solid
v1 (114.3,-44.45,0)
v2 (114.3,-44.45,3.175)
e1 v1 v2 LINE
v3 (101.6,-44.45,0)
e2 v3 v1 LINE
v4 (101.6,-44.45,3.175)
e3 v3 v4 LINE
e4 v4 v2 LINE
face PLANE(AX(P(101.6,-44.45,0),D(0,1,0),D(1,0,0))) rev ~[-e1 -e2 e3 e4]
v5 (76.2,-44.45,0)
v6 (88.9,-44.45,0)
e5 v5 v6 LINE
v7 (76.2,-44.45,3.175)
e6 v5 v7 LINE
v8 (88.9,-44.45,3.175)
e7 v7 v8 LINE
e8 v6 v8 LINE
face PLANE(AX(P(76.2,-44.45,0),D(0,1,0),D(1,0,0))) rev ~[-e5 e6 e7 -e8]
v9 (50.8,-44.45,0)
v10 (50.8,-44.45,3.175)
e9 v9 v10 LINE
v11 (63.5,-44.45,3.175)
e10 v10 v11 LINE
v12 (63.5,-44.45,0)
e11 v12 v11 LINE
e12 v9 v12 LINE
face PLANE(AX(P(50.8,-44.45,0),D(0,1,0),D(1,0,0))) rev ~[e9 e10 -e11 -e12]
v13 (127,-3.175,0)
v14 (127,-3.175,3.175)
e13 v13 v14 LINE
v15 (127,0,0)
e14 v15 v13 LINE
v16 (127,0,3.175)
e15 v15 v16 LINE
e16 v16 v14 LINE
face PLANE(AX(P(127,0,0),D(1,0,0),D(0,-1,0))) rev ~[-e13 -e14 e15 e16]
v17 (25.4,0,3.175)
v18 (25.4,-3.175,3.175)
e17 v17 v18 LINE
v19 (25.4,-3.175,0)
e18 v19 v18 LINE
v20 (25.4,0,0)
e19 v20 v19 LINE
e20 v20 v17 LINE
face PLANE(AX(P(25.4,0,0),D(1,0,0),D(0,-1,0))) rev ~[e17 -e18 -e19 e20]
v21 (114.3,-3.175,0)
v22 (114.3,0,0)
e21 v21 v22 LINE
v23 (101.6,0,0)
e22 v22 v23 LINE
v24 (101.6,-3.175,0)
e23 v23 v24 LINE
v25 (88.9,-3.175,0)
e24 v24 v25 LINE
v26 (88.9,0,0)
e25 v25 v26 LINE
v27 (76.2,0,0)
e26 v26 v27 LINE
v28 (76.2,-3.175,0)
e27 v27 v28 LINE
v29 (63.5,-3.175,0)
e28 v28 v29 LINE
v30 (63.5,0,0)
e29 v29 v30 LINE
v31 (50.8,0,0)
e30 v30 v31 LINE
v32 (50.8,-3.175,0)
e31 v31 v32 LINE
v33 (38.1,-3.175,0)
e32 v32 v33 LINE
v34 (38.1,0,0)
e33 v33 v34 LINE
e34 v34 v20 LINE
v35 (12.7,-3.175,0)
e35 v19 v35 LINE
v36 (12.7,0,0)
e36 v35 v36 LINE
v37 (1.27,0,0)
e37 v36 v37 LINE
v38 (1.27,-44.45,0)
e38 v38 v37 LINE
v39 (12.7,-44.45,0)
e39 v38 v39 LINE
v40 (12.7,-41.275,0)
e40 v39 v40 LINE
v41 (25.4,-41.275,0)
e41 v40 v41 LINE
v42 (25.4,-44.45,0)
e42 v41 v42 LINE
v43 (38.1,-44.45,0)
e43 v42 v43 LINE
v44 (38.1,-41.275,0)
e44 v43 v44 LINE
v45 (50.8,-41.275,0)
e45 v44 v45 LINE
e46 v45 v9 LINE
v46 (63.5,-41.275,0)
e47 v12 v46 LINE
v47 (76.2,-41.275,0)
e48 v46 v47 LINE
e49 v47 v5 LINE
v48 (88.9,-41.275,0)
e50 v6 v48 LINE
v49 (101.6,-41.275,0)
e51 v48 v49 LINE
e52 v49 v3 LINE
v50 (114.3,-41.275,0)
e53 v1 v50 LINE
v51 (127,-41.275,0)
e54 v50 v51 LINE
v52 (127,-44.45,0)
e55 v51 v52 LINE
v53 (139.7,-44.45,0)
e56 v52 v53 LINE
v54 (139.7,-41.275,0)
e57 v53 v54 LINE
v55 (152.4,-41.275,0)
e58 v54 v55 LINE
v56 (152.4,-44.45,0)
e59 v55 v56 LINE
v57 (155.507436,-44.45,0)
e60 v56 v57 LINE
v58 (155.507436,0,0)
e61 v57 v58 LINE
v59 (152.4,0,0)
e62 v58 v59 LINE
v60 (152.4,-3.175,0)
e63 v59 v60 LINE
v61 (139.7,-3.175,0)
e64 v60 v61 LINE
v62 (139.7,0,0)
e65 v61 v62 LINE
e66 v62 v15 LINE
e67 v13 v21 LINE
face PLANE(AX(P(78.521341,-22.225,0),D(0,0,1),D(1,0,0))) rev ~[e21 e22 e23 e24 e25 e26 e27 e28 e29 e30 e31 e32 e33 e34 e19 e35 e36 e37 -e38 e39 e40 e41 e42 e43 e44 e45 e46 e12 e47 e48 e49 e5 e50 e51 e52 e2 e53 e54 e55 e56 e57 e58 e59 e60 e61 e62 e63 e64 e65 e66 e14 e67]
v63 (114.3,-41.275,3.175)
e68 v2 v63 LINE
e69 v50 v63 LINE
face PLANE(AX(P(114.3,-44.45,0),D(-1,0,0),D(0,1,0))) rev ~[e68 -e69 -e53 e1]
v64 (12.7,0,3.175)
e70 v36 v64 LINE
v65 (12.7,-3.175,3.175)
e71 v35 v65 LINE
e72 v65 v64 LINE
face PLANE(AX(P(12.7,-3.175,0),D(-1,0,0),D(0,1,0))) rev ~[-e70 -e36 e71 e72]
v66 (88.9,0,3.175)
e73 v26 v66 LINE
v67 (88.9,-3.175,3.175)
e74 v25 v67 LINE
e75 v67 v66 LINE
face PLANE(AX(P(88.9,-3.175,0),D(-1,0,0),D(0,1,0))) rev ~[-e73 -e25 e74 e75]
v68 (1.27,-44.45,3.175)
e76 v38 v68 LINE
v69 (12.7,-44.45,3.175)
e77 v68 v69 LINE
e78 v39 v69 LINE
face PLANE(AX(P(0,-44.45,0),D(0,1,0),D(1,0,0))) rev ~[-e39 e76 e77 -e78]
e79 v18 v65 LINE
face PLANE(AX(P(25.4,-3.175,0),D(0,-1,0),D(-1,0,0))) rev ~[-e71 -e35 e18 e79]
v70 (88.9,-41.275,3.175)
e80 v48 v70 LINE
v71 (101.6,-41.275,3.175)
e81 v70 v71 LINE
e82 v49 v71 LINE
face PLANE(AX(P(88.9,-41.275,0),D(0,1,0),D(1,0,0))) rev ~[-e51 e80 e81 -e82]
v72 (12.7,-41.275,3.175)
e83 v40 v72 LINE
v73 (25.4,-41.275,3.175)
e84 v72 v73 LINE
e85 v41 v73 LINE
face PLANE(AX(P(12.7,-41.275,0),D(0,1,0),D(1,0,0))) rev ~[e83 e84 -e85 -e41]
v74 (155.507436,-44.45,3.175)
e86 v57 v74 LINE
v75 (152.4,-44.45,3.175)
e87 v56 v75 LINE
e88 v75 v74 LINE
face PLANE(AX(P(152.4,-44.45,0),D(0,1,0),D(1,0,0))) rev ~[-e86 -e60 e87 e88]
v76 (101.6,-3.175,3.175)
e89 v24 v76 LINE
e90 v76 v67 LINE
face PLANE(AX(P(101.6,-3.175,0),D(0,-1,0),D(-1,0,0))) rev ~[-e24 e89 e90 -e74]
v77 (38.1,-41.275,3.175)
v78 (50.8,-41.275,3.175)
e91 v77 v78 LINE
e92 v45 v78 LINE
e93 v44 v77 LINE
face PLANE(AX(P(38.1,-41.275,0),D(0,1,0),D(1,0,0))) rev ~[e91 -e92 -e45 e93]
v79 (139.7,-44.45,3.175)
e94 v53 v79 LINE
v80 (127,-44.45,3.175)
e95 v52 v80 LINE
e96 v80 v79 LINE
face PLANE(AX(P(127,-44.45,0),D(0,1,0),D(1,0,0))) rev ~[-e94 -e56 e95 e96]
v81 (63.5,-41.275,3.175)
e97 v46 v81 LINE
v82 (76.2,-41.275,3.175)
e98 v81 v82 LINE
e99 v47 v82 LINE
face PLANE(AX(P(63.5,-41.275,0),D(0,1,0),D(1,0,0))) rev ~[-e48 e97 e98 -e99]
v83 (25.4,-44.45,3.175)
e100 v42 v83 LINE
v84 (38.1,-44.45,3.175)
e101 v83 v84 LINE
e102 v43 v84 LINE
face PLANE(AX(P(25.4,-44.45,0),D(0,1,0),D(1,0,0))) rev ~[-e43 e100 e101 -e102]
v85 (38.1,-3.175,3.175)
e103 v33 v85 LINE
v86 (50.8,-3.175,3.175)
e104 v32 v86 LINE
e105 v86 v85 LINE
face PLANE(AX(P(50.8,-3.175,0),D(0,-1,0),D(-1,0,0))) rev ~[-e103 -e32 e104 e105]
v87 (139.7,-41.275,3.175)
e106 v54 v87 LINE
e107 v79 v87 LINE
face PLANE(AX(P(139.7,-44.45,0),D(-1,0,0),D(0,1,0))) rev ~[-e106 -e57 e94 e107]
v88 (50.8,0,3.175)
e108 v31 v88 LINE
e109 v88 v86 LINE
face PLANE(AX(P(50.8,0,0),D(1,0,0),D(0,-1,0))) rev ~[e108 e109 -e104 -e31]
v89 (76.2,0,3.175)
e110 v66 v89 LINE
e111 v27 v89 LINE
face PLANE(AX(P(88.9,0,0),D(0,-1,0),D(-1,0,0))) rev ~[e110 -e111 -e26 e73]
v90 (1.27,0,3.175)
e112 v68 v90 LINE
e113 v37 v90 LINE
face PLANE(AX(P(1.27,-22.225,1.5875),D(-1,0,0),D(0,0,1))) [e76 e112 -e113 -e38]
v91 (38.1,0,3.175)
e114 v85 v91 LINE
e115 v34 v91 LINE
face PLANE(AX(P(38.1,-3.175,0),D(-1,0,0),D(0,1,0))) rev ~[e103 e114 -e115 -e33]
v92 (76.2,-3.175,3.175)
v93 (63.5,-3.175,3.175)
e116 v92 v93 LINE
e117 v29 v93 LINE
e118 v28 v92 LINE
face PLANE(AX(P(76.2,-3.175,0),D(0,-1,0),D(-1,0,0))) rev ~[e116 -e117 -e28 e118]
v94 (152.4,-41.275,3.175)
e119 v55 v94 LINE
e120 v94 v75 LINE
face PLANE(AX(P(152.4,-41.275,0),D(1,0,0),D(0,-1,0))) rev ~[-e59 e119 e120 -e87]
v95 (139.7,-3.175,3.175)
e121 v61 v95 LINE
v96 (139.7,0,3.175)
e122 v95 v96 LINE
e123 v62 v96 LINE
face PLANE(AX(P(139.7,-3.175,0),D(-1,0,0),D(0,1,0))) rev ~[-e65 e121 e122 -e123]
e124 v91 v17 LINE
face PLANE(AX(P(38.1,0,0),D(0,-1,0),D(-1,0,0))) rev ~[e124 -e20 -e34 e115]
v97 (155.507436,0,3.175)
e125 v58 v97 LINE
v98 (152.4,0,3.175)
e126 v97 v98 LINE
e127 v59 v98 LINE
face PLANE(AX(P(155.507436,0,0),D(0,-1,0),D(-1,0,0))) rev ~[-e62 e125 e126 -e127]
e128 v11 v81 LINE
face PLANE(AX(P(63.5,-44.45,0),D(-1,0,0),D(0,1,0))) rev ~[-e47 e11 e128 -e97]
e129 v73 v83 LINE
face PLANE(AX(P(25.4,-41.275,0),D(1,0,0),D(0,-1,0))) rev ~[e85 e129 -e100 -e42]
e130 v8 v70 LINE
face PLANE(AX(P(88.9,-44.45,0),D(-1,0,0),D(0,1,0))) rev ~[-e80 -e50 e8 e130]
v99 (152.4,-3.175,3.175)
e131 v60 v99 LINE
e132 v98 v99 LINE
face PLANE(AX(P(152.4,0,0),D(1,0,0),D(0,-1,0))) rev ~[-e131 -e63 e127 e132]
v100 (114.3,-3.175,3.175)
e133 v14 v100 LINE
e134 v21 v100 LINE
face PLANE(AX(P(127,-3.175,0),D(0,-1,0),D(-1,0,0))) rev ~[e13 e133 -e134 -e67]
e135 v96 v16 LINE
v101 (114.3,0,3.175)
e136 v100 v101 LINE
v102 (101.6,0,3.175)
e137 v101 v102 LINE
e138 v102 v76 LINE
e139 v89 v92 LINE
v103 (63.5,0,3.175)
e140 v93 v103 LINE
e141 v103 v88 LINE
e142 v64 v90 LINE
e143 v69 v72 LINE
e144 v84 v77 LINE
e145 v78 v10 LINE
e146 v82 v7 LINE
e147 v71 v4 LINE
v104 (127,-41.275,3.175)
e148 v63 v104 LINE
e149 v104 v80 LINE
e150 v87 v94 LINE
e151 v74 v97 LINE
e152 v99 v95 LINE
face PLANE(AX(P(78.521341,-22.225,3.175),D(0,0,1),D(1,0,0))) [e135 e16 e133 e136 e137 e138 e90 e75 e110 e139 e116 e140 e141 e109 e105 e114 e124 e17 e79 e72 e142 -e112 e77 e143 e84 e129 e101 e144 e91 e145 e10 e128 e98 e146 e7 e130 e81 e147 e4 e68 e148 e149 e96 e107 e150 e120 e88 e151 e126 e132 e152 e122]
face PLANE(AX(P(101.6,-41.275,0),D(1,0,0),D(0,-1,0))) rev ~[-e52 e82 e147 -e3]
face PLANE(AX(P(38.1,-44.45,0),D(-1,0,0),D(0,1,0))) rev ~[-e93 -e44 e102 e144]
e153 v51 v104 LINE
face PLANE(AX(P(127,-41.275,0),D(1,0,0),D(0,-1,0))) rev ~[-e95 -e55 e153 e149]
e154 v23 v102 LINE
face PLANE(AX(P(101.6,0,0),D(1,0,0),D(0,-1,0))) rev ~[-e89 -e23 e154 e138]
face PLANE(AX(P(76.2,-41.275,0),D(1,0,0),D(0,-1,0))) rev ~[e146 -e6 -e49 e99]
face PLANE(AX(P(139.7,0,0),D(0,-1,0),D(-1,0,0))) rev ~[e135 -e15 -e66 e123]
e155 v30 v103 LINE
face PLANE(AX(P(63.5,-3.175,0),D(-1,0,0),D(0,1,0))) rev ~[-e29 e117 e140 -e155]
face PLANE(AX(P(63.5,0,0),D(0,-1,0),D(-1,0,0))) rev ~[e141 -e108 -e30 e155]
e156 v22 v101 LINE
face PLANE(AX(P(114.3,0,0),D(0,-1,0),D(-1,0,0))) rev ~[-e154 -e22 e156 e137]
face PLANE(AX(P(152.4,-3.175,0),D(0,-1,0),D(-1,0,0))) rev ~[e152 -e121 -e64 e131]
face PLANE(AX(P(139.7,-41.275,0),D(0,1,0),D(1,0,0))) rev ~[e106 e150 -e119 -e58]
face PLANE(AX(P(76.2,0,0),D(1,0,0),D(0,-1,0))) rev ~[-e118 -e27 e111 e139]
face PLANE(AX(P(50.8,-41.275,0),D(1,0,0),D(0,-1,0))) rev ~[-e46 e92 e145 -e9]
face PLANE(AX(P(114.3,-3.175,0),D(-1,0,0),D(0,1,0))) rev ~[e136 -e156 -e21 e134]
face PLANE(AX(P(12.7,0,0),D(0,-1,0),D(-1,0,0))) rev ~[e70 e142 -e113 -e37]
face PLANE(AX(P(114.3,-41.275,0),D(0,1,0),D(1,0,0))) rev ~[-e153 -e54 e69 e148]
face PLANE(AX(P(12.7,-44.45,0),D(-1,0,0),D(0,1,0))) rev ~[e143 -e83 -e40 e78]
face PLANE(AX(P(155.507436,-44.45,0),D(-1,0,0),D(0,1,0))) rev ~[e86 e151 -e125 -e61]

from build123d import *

# Parameters (mm, degrees)
BOSS_EXTRUDE1_DEPTH = 3.175
SKETCH2_W           = 3.175
SKETCH2_H           = 44.45
CUT_EXTRUDE1_DEPTH  = 1.27


with BuildPart() as part:
    # Sketch1 → Boss-Extrude1 (new body)
    with BuildSketch(Plane.XY):
        Polygon((0, 0), (0, -44.45), (12.7, -44.45), (12.7, -41.275), (25.4, -41.275), (25.4, -44.45), (38.1, -44.45), (38.1, -41.275), (50.8, -41.275), (50.8, -44.45), (63.5, -44.45), (63.5, -41.275), (76.2, -41.275), (76.2, -44.45), (88.9, -44.45), (88.9, -41.275), (101.6, -41.275), (101.6, -44.45), (114.3, -44.45), (114.3, -41.275), (127, -41.275), (127, -44.45), (139.7, -44.45), (139.7, -41.275), (152.4, -41.275), (152.4, -44.45), (155.507436, -44.45), (155.507436, 0), (152.4, 0), (152.4, -3.175), (139.7, -3.175), (139.7, 0), (127, 0), (127, -3.175), (114.3, -3.175), (114.3, 0), (101.6, 0), (101.6, -3.175), (88.9, -3.175), (88.9, 0), (76.2, 0), (76.2, -3.175), (63.5, -3.175), (63.5, 0), (50.8, 0), (50.8, -3.175), (38.1, -3.175), (38.1, 0), (25.4, 0), (25.4, -3.175), (12.7, -3.175), (12.7, 0), align=None)
    extrude(amount=BOSS_EXTRUDE1_DEPTH)

    # Sketch2 → Cut-Extrude1 (cut)
    with BuildSketch(Plane.ZY):
        with Locations((1.5875, -22.225)):
            Rectangle(SKETCH2_W, SKETCH2_H)
    extrude(amount=-CUT_EXTRUDE1_DEPTH, mode=Mode.SUBTRACT)


solid = part.part
